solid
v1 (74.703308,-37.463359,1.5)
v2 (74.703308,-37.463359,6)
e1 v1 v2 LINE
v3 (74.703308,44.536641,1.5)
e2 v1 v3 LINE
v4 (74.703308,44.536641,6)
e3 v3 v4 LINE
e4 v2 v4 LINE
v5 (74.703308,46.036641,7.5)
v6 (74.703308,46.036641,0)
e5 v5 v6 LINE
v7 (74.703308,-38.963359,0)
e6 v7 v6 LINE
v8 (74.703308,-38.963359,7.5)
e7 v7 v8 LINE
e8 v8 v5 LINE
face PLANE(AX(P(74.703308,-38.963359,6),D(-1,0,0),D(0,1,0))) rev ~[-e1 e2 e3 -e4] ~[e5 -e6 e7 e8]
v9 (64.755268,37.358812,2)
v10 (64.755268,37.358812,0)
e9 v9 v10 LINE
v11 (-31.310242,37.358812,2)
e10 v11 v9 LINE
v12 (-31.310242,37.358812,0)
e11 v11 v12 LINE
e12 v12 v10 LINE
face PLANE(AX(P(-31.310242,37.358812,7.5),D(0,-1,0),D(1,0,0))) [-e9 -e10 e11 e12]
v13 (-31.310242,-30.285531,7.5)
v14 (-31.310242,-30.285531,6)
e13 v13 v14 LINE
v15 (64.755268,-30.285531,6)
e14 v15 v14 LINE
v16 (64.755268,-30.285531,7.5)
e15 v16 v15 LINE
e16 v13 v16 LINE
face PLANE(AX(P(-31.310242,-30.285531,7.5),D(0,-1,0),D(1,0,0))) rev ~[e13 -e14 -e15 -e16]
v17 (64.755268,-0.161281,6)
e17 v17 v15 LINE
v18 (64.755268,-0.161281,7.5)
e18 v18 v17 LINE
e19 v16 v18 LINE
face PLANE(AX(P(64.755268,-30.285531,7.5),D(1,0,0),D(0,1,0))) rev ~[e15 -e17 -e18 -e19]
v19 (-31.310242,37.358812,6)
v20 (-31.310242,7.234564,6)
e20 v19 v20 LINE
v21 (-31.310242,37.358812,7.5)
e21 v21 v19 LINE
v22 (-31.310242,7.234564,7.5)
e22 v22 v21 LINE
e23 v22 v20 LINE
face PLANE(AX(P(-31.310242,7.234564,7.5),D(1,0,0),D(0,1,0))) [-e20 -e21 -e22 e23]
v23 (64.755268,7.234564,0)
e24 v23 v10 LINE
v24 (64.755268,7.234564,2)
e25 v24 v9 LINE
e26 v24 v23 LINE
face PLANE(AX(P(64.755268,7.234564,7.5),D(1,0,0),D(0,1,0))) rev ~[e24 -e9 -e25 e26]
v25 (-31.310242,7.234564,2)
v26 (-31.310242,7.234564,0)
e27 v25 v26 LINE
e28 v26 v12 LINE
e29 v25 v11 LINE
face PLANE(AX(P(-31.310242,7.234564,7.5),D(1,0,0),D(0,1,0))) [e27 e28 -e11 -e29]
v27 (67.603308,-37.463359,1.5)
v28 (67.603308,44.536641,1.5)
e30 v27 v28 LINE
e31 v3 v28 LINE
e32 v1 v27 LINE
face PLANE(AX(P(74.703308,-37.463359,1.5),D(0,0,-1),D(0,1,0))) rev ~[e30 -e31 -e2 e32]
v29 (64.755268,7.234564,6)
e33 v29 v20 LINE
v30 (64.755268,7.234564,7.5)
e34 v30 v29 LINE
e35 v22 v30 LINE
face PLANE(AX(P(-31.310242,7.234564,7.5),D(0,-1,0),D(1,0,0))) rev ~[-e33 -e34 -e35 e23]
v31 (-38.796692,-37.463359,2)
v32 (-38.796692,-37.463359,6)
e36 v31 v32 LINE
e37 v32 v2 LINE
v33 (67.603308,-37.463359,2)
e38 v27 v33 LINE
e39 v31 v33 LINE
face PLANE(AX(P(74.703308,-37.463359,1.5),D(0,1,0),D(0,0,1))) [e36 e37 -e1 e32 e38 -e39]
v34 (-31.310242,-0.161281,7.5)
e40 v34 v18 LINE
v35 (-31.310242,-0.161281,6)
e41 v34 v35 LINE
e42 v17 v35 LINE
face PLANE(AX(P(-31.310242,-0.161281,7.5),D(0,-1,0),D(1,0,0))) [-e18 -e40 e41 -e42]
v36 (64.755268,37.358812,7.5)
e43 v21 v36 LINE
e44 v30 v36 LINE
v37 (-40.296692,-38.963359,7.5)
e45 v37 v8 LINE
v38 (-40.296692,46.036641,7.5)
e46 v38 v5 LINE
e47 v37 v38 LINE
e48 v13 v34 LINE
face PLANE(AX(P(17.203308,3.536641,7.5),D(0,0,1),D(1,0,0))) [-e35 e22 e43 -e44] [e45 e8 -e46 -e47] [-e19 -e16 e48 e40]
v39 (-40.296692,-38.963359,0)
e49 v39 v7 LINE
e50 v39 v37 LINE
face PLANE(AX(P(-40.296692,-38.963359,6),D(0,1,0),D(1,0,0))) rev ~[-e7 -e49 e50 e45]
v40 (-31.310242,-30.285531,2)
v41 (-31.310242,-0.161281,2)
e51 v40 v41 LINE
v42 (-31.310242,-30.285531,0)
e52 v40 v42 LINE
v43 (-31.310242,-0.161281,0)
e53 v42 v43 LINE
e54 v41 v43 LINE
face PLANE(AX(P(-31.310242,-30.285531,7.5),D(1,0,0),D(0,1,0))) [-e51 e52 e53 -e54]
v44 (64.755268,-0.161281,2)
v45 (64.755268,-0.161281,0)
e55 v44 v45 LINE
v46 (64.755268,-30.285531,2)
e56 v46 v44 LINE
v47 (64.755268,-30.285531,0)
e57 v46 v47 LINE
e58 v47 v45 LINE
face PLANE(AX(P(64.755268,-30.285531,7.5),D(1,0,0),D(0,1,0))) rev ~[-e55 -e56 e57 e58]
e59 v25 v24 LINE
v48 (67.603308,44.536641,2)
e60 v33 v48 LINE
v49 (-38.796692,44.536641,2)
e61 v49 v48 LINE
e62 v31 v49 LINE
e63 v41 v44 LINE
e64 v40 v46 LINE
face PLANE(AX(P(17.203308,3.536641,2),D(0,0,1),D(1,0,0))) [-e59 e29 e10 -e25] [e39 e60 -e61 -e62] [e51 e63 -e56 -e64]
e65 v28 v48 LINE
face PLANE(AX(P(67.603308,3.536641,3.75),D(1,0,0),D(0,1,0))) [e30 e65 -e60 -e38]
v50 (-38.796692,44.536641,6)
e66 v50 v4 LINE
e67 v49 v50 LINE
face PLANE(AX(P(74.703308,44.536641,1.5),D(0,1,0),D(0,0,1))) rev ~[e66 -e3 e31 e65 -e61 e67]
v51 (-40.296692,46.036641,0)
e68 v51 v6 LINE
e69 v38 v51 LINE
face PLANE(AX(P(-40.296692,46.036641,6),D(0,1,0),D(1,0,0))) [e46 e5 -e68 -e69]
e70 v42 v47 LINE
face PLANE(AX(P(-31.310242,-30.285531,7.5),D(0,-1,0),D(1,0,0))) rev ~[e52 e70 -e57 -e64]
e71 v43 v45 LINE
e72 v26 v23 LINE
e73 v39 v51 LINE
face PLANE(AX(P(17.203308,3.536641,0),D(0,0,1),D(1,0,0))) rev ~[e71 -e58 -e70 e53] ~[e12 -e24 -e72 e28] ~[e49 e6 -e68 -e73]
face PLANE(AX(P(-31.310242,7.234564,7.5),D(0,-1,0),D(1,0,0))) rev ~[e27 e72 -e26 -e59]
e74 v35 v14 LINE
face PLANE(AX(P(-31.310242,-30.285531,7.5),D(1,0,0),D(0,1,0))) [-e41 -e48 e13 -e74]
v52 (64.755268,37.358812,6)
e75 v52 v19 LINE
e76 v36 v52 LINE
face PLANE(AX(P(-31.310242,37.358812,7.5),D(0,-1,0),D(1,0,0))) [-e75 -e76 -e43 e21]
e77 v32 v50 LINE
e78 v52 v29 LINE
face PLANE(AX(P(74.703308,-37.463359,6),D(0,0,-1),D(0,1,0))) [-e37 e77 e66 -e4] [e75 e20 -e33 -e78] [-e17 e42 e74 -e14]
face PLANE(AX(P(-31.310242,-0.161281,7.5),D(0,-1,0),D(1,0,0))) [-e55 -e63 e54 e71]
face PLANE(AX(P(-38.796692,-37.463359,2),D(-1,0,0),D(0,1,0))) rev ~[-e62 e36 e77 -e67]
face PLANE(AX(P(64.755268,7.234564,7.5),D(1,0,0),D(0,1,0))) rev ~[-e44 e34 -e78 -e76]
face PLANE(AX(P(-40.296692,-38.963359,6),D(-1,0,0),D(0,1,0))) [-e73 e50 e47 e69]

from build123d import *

# Parameters (mm, degrees)
F0_W     = 115
F0_H     = 85
F1_DEPTH = 2
F2_W     = 115
F2_H     = 85
F2_W_2   = 112
F2_H_2   = 82
F3_DEPTH = 4
F4_W     = 115
F4_H     = 85
F5_DEPTH = 1.5
F6_W     = 82
F6_H     = 4.5
F7_DEPTH = 7.1
F8_W     = 96.06551
F8_H     = 30.124249
F8_H_2   = 30.12425
F9_DEPTH = 20


with BuildPart() as f1:
    # F0 (on Top) → F1 (new body)
    with BuildSketch(Plane.XY):
        with Locations((17.203308, 3.536641)):
            Rectangle(F0_W, F0_H)
    extrude(amount=F1_DEPTH)

    # F2 (on face) → F3 (join)
    with BuildSketch(Plane.XY.offset(2)):
        with Locations((17.203308, 3.536641)):
            Rectangle(F2_W, F2_H)
        with Locations((17.203308, 3.536641)):
            Rectangle(F2_W_2, F2_H_2, mode=Mode.SUBTRACT)
    extrude(amount=F3_DEPTH)

    # F4 (on face) → F5 (join)
    with BuildSketch(Plane.XY.offset(6)):
        with Locations((17.203308, 3.536641)):
            Rectangle(F4_W, F4_H)
    extrude(amount=F5_DEPTH)

    # F6 (on face) → F7 (cut)
    with BuildSketch(Plane.YZ.offset(74.703308)):
        with Locations((3.536641, 3.75)):
            Rectangle(F6_W, F6_H)
    extrude(amount=-F7_DEPTH, mode=Mode.SUBTRACT)

    # F8 (on face) → F9 (cut)
    with BuildSketch(Plane.XY.offset(7.5)):
        with Locations((16.722513, 22.296688)):
            Rectangle(F8_W, F8_H)
        with Locations((16.722513, -15.223406)):
            Rectangle(F8_W, F8_H_2)
    extrude(amount=-F9_DEPTH, mode=Mode.SUBTRACT)


solid = f1.part
